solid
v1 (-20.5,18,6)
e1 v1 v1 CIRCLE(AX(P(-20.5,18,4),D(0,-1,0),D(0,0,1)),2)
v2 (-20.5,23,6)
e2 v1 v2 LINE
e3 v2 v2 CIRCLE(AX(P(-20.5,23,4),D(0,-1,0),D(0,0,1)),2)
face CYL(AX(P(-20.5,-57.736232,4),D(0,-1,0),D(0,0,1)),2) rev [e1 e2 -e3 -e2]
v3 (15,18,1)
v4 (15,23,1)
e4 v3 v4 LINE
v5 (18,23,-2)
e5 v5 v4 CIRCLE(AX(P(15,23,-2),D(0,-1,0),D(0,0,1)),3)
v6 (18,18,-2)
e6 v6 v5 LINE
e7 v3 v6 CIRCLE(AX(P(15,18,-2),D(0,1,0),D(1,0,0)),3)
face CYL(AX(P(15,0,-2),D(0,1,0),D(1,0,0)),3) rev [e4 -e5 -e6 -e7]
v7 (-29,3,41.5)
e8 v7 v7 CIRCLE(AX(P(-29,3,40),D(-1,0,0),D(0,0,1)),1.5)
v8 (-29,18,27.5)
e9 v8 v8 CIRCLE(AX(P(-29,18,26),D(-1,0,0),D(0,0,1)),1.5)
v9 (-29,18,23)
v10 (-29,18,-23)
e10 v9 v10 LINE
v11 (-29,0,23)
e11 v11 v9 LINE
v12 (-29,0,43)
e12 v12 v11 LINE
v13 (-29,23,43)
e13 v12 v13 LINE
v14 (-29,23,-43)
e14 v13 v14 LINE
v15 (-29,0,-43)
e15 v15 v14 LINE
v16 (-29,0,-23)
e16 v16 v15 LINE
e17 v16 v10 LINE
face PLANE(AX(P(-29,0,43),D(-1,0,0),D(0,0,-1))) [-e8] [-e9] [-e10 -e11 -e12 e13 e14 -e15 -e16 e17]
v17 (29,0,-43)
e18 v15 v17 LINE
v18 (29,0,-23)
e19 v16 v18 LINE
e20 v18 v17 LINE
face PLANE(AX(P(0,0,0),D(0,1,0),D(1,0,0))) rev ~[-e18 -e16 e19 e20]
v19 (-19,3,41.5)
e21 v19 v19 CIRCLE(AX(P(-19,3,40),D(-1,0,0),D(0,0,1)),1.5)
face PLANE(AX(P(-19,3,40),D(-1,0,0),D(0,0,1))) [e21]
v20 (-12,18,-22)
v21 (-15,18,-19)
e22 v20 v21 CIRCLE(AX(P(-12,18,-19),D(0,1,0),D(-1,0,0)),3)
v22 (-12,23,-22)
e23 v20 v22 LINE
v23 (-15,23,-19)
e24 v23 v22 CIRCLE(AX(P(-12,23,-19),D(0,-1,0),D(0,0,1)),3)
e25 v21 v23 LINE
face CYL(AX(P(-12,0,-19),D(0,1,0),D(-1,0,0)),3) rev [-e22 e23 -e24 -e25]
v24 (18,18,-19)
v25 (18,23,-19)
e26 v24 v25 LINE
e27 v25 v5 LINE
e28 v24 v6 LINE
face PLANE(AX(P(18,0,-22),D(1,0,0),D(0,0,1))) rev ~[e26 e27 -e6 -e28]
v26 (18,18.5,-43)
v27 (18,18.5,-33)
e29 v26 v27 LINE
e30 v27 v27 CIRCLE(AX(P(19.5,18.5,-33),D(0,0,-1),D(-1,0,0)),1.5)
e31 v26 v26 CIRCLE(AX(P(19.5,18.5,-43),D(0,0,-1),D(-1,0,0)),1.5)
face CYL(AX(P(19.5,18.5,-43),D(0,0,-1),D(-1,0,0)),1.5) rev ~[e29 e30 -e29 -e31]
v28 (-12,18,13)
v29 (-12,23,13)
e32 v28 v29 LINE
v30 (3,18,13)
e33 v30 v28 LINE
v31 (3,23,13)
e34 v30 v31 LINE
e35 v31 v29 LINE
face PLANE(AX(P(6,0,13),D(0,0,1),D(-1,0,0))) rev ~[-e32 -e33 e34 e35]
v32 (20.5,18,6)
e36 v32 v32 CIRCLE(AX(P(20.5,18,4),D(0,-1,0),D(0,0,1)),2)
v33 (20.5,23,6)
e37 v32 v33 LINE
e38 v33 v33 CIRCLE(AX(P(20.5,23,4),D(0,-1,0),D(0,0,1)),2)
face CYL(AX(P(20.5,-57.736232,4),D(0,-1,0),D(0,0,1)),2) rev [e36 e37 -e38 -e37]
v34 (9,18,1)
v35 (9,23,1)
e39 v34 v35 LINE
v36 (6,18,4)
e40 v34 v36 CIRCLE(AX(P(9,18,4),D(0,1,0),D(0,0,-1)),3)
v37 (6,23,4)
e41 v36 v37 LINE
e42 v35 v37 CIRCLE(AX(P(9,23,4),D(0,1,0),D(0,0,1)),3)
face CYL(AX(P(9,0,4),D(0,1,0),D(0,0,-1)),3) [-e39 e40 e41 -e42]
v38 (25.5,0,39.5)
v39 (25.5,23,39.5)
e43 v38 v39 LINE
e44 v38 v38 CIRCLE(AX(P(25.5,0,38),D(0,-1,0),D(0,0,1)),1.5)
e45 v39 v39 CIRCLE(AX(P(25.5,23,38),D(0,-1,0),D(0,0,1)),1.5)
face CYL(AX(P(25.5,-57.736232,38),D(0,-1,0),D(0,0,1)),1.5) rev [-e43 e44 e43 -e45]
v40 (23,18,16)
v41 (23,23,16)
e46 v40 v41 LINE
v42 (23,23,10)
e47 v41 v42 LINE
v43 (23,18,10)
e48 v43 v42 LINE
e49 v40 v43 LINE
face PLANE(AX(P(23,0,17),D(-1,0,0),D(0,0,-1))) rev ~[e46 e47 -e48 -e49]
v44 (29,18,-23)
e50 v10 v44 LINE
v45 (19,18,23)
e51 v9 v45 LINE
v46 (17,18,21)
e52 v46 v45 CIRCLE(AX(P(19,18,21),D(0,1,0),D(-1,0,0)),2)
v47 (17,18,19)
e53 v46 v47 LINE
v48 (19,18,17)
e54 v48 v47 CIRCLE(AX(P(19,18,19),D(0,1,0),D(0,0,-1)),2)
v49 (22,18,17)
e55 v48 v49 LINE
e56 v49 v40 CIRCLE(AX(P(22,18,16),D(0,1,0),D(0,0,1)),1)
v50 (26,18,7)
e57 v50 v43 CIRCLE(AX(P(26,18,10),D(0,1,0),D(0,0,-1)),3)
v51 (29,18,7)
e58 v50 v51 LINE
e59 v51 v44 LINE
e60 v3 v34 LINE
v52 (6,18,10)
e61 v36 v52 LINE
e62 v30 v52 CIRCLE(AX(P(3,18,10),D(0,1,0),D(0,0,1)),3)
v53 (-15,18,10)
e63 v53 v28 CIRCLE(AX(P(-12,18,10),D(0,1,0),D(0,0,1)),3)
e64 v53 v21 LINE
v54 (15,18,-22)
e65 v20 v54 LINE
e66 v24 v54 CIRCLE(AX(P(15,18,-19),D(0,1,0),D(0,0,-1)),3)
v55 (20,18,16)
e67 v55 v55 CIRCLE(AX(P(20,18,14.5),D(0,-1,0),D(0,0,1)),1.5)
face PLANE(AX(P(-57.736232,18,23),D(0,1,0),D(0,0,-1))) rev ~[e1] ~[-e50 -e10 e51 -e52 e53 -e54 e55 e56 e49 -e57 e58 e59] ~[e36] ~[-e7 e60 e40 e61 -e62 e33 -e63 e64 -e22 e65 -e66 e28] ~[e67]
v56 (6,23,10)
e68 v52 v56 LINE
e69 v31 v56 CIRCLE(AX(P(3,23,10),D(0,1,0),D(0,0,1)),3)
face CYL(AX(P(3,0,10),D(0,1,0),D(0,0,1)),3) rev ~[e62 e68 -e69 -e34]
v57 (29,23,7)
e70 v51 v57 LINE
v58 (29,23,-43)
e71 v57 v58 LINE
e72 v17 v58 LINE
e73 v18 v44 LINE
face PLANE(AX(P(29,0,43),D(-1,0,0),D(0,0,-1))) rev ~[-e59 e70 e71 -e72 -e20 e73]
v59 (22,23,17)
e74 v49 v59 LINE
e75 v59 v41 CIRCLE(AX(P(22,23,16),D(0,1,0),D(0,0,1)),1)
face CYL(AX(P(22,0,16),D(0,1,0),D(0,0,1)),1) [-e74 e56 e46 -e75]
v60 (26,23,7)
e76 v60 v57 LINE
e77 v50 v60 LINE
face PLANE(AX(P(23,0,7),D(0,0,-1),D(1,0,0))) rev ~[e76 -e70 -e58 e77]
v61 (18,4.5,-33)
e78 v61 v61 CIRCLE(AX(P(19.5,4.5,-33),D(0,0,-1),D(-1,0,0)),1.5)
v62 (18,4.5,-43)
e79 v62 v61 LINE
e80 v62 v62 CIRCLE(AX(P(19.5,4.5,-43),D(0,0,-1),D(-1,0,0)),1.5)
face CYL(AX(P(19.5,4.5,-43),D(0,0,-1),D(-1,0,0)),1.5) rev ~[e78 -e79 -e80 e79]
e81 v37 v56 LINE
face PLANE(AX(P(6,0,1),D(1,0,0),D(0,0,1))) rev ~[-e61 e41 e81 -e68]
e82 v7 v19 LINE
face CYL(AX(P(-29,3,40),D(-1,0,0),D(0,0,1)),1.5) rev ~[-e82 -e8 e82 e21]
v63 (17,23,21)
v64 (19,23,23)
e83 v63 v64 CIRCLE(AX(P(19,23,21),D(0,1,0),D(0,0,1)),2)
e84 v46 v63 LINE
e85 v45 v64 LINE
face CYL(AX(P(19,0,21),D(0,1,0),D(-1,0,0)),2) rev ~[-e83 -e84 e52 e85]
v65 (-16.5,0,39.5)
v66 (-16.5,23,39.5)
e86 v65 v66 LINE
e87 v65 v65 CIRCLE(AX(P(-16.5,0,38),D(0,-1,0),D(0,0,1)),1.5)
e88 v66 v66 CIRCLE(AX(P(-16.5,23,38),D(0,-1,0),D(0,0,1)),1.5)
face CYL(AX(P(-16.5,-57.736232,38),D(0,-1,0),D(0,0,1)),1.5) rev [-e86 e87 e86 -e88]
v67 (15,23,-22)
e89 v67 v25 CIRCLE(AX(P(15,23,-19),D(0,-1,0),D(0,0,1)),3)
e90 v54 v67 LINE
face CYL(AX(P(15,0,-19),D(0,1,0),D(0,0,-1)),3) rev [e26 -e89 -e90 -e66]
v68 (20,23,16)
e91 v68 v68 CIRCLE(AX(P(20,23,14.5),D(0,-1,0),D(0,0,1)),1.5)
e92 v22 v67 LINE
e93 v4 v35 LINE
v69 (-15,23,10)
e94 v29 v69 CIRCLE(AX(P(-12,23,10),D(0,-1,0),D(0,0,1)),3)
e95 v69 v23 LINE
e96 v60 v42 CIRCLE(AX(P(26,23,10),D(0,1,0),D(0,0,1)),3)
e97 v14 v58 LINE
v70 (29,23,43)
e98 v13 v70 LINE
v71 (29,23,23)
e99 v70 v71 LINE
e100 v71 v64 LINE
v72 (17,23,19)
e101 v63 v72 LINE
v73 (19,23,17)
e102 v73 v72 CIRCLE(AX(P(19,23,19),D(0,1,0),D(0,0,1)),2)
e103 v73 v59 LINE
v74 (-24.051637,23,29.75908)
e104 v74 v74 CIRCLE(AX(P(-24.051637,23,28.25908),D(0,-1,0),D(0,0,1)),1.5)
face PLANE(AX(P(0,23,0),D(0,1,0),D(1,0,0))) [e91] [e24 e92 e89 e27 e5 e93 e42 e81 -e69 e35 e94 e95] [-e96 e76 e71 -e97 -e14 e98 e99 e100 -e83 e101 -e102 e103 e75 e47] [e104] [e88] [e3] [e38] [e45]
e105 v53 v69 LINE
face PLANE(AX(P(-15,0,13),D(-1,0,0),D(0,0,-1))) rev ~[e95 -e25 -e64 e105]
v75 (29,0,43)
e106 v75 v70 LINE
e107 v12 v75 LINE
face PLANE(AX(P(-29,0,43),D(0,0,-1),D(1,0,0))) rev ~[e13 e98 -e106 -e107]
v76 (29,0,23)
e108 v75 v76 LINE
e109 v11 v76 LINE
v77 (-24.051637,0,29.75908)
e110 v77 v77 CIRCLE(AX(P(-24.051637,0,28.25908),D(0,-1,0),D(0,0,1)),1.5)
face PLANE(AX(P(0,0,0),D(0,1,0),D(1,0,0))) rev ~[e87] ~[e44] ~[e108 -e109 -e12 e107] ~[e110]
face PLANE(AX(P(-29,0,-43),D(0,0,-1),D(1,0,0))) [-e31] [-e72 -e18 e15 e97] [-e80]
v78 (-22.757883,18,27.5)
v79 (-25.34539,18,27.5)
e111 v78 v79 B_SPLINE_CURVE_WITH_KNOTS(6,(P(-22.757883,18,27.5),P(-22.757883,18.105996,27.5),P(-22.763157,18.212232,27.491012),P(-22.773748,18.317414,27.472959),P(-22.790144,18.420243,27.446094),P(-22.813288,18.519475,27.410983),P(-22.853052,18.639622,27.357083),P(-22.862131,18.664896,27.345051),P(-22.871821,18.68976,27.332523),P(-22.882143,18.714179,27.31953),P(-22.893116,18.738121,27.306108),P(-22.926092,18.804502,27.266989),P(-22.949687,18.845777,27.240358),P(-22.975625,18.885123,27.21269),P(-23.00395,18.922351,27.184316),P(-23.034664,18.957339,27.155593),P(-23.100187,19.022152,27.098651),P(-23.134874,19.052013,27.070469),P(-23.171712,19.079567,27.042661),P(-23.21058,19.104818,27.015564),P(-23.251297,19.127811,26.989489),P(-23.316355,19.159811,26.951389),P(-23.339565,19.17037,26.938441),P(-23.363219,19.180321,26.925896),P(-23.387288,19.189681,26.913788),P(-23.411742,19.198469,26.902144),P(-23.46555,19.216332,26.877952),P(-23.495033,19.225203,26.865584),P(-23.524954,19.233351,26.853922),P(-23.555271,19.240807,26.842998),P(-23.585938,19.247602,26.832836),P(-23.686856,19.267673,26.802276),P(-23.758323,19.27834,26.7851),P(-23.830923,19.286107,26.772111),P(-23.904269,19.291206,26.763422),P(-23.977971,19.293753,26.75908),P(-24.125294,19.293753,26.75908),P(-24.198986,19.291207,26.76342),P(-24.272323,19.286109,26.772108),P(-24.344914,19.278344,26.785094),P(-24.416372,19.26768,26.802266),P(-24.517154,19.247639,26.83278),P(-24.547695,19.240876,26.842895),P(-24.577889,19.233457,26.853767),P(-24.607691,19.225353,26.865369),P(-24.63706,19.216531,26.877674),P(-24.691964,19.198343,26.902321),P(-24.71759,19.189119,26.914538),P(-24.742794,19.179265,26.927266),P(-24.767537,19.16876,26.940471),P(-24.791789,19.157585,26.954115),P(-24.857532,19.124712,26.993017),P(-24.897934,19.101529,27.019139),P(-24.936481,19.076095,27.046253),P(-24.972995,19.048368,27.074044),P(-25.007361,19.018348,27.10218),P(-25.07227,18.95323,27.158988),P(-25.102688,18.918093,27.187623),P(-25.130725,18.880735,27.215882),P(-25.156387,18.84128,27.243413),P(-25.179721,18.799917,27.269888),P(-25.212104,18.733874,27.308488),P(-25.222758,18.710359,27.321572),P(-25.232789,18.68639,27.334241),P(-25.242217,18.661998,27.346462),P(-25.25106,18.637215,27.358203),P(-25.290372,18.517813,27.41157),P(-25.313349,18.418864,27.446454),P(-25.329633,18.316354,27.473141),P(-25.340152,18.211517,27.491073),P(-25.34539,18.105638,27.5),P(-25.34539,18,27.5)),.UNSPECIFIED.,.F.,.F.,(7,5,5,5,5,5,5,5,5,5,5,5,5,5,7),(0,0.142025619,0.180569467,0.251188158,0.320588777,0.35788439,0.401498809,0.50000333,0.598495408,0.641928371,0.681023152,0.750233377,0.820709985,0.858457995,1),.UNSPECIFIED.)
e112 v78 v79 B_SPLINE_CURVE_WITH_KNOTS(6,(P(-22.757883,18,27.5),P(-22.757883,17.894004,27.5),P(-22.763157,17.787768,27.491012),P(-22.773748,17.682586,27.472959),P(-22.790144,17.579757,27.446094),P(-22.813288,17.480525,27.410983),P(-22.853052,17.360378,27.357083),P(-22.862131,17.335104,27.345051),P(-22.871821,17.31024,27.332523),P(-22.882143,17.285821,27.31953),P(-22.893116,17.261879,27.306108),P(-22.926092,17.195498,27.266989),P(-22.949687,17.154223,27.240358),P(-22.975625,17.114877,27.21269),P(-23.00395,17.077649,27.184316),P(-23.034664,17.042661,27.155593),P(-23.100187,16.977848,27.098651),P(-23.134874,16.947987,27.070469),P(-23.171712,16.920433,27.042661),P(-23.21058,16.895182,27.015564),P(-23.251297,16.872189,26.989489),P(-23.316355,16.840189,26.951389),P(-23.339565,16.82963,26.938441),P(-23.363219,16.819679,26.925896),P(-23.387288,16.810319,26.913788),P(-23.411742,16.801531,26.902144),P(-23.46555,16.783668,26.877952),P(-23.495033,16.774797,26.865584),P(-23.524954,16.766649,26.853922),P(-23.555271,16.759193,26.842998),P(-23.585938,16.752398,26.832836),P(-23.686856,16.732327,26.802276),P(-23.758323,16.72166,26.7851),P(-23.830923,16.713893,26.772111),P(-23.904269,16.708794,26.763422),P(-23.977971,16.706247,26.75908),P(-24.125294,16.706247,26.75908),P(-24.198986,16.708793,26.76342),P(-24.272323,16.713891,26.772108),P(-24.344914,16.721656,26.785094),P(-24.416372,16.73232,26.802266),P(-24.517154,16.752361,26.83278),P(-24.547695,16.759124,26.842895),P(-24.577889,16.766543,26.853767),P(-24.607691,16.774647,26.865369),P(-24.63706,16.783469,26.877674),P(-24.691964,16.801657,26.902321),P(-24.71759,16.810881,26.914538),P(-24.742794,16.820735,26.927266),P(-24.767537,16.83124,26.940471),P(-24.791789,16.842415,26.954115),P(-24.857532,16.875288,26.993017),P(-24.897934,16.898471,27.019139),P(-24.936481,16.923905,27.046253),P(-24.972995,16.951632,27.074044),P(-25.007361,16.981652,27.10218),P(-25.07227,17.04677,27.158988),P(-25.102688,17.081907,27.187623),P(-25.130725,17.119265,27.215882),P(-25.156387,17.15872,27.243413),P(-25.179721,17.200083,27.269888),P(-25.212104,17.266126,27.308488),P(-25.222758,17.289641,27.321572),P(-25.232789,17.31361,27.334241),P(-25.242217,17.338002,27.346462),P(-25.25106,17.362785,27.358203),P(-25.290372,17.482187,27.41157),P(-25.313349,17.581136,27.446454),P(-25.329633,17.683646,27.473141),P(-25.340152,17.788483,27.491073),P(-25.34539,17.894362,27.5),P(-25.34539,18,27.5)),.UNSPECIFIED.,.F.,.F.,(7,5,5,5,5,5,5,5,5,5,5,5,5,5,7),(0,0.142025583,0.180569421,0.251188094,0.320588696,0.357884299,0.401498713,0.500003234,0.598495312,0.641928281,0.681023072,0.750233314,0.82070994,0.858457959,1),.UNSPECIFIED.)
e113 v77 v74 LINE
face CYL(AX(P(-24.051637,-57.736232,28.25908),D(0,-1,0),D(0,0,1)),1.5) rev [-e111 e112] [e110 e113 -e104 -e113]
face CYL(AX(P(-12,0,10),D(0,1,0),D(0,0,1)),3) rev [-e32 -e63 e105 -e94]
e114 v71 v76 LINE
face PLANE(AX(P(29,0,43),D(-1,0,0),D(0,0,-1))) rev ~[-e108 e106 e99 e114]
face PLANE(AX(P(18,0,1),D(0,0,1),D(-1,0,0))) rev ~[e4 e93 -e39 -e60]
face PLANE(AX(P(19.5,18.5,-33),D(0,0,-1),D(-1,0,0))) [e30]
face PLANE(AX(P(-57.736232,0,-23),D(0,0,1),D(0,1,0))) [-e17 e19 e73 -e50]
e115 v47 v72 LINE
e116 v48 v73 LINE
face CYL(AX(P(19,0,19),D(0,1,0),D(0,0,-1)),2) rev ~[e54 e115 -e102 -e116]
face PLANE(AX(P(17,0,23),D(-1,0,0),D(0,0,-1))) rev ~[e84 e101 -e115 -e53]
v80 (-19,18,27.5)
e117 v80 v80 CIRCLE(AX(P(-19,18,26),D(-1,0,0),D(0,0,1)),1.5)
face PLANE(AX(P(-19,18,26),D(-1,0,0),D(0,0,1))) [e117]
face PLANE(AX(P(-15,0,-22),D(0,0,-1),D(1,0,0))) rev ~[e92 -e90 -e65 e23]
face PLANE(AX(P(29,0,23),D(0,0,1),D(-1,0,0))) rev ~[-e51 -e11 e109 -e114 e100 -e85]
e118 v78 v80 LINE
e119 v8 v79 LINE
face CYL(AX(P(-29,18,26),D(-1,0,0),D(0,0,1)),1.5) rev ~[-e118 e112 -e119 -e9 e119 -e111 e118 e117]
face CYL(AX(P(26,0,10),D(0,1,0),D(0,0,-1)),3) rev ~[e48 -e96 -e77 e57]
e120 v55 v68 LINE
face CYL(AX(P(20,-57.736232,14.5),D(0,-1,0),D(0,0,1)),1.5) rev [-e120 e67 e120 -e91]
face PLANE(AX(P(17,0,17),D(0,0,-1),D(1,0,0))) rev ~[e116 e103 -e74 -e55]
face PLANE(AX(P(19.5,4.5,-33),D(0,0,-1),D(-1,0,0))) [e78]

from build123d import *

# Parameters (mm, degrees)
SKETCH1_W               = 58
SKETCH1_H               = 86
BOSS_EXTRUDE1_DEPTH     = 23
CUT_EXTRUDE1_DEPTH      = 23
CUT_EXTRUDE2_DEPTH      = 23
FILLET1_R               = 3
FILLET2_R               = 2
FILLET3_R               = 2
FILLET4_R               = 1
FILLET5_R               = 3
FILLET6_R               = 3
FILLET7_R               = 3
FILLET8_R               = 3
FILLET9_R               = 3
FILLET10_R              = 3
CUT_EXTRUDE3_DEPTH      = 57.73623181
CUT_EXTRUDE3_DEPTH_BACK = 57.73623181
SKETCH4_W               = 46
SKETCH4_H               = 18
CUT_EXTRUDE4_DEPTH      = 57.73623181
CUT_EXTRUDE4_DEPTH_BACK = 57.73623181
SKETCH5_R               = 2
SKETCH5_R_2             = 1.5
SKETCH6_R               = 1.5
CUT_EXTRUDE11_DEPTH     = 10
SKETCH7_R               = 1.5
CUT_EXTRUDE12_DEPTH     = 10


with BuildPart() as part:
    # Sketch1 → Boss-Extrude1 (new body)
    with BuildSketch(Plane(origin=(0, 0, 0), x_dir=(1, 0, 0), z_dir=(0, 1, 0))):
        Rectangle(SKETCH1_W, SKETCH1_H)
    extrude(amount=BOSS_EXTRUDE1_DEPTH)

    # Sketch2 → Cut-Extrude1 (cut)
    with BuildSketch(Plane(origin=(0, 0, 0), x_dir=(1, 0, 0), z_dir=(0, 1, 0))):
        Polygon((29, -23), (17, -23), (17, -17), (23, -17), (23, -7), (29, -7), align=None)
    extrude(amount=CUT_EXTRUDE1_DEPTH, mode=Mode.SUBTRACT)

    # Sketch3 → Cut-Extrude2 (cut)
    with BuildSketch(Plane(origin=(0, 0, 0), x_dir=(1, 0, 0), z_dir=(0, 1, 0))):
        Polygon((-15, -13), (-15, 22), (18, 22), (18, -1), (6, -1), (6, -13), align=None)
    extrude(amount=CUT_EXTRUDE2_DEPTH, mode=Mode.SUBTRACT)

    # Fillet1
    fillet1_edges = [part.edges().sort_by_distance(p)[0] for p in [
        (23, 11.5, 7),
    ]]
    fillet(fillet1_edges, radius=FILLET1_R)

    # Fillet2
    fillet2_edges = [part.edges().sort_by_distance(p)[0] for p in [
        (17, 11.5, 17),
    ]]
    fillet(fillet2_edges, radius=FILLET2_R)

    # Fillet3
    fillet3_edges = [part.edges().sort_by_distance(p)[0] for p in [
        (17, 11.5, 23),
    ]]
    fillet(fillet3_edges, radius=FILLET3_R)

    # Fillet4
    fillet4_edges = [part.edges().sort_by_distance(p)[0] for p in [
        (23, 11.5, 17),
    ]]
    fillet(fillet4_edges, radius=FILLET4_R)

    # Fillet5
    fillet5_edges = [part.edges().sort_by_distance(p)[0] for p in [
        (-15, 11.5, 13),
    ]]
    fillet(fillet5_edges, radius=FILLET5_R)

    # Fillet6
    fillet6_edges = [part.edges().sort_by_distance(p)[0] for p in [
        (6, 11.5, 13),
    ]]
    fillet(fillet6_edges, radius=FILLET6_R)

    # Fillet7
    fillet7_edges = [part.edges().sort_by_distance(p)[0] for p in [
        (-15, 11.5, -22),
    ]]
    fillet(fillet7_edges, radius=FILLET7_R)

    # Fillet8
    fillet8_edges = [part.edges().sort_by_distance(p)[0] for p in [
        (18, 11.5, -22),
    ]]
    fillet(fillet8_edges, radius=FILLET8_R)

    # Fillet9
    fillet9_edges = [part.edges().sort_by_distance(p)[0] for p in [
        (18, 11.5, 1),
    ]]
    fillet(fillet9_edges, radius=FILLET9_R)

    # Fillet10
    fillet10_edges = [part.edges().sort_by_distance(p)[0] for p in [
        (6, 11.5, 1),
    ]]
    fillet(fillet10_edges, radius=FILLET10_R)

    # Sketch4 → Cut-Extrude3 (cut, two sides: drawn at the far end of the back side and taken through both)
    with BuildSketch(Plane(origin=(0, 0, 0), x_dir=(0, 0, -1), z_dir=(1, 0, 0)).offset(-CUT_EXTRUDE3_DEPTH_BACK)):
        with Locations((0, 9)):
            Rectangle(SKETCH4_W, SKETCH4_H)
    extrude(amount=CUT_EXTRUDE3_DEPTH + CUT_EXTRUDE3_DEPTH_BACK, mode=Mode.SUBTRACT)

    # Sketch5 → Cut-Extrude4 (cut, two sides: drawn at the far end of the back side and taken through both)
    with BuildSketch(Plane(origin=(0, 0, 0), x_dir=(1, 0, 0), z_dir=(0, 1, 0)).offset(-CUT_EXTRUDE4_DEPTH_BACK)):
        with Locations(Location((20.5, -4, 0), (0, 0, 270))):
            Circle(SKETCH5_R)
        with Locations(Location((-20.5, -4, 0), (0, 0, 270))):
            Circle(SKETCH5_R)
        with Locations(Location((20, -14.5, 0), (0, 0, 270))):
            Circle(SKETCH5_R_2)
        with Locations(Location((-16.5, -38, 0), (0, 0, 270))):
            Circle(SKETCH5_R_2)
        with Locations(Location((25.5, -38, 0), (0, 0, 270))):
            Circle(SKETCH5_R_2)
        with Locations(Location((-24.051636808, -28.259079953, 0), (0, 0, 270))):
            Circle(SKETCH5_R_2)
    extrude(amount=CUT_EXTRUDE4_DEPTH + CUT_EXTRUDE4_DEPTH_BACK, mode=Mode.SUBTRACT)

    # Sketch6 → Cut-Extrude11 (cut)
    with BuildSketch(Plane.ZY.offset(29)):
        with Locations((40, 3)):
            Circle(SKETCH6_R)
        with Locations((26, 18)):
            Circle(SKETCH6_R)
    extrude(amount=-CUT_EXTRUDE11_DEPTH, mode=Mode.SUBTRACT)

    # Sketch7 → Cut-Extrude12 (cut)
    with BuildSketch(Plane(origin=(0, 0, -43), x_dir=(-1, 0, 0), z_dir=(0, 0, -1))):
        with Locations((-19.5, 4.5)):
            Circle(SKETCH7_R)
        with Locations((-19.5, 18.5)):
            Circle(SKETCH7_R)
    extrude(amount=-CUT_EXTRUDE12_DEPTH, mode=Mode.SUBTRACT)


solid = part.part
